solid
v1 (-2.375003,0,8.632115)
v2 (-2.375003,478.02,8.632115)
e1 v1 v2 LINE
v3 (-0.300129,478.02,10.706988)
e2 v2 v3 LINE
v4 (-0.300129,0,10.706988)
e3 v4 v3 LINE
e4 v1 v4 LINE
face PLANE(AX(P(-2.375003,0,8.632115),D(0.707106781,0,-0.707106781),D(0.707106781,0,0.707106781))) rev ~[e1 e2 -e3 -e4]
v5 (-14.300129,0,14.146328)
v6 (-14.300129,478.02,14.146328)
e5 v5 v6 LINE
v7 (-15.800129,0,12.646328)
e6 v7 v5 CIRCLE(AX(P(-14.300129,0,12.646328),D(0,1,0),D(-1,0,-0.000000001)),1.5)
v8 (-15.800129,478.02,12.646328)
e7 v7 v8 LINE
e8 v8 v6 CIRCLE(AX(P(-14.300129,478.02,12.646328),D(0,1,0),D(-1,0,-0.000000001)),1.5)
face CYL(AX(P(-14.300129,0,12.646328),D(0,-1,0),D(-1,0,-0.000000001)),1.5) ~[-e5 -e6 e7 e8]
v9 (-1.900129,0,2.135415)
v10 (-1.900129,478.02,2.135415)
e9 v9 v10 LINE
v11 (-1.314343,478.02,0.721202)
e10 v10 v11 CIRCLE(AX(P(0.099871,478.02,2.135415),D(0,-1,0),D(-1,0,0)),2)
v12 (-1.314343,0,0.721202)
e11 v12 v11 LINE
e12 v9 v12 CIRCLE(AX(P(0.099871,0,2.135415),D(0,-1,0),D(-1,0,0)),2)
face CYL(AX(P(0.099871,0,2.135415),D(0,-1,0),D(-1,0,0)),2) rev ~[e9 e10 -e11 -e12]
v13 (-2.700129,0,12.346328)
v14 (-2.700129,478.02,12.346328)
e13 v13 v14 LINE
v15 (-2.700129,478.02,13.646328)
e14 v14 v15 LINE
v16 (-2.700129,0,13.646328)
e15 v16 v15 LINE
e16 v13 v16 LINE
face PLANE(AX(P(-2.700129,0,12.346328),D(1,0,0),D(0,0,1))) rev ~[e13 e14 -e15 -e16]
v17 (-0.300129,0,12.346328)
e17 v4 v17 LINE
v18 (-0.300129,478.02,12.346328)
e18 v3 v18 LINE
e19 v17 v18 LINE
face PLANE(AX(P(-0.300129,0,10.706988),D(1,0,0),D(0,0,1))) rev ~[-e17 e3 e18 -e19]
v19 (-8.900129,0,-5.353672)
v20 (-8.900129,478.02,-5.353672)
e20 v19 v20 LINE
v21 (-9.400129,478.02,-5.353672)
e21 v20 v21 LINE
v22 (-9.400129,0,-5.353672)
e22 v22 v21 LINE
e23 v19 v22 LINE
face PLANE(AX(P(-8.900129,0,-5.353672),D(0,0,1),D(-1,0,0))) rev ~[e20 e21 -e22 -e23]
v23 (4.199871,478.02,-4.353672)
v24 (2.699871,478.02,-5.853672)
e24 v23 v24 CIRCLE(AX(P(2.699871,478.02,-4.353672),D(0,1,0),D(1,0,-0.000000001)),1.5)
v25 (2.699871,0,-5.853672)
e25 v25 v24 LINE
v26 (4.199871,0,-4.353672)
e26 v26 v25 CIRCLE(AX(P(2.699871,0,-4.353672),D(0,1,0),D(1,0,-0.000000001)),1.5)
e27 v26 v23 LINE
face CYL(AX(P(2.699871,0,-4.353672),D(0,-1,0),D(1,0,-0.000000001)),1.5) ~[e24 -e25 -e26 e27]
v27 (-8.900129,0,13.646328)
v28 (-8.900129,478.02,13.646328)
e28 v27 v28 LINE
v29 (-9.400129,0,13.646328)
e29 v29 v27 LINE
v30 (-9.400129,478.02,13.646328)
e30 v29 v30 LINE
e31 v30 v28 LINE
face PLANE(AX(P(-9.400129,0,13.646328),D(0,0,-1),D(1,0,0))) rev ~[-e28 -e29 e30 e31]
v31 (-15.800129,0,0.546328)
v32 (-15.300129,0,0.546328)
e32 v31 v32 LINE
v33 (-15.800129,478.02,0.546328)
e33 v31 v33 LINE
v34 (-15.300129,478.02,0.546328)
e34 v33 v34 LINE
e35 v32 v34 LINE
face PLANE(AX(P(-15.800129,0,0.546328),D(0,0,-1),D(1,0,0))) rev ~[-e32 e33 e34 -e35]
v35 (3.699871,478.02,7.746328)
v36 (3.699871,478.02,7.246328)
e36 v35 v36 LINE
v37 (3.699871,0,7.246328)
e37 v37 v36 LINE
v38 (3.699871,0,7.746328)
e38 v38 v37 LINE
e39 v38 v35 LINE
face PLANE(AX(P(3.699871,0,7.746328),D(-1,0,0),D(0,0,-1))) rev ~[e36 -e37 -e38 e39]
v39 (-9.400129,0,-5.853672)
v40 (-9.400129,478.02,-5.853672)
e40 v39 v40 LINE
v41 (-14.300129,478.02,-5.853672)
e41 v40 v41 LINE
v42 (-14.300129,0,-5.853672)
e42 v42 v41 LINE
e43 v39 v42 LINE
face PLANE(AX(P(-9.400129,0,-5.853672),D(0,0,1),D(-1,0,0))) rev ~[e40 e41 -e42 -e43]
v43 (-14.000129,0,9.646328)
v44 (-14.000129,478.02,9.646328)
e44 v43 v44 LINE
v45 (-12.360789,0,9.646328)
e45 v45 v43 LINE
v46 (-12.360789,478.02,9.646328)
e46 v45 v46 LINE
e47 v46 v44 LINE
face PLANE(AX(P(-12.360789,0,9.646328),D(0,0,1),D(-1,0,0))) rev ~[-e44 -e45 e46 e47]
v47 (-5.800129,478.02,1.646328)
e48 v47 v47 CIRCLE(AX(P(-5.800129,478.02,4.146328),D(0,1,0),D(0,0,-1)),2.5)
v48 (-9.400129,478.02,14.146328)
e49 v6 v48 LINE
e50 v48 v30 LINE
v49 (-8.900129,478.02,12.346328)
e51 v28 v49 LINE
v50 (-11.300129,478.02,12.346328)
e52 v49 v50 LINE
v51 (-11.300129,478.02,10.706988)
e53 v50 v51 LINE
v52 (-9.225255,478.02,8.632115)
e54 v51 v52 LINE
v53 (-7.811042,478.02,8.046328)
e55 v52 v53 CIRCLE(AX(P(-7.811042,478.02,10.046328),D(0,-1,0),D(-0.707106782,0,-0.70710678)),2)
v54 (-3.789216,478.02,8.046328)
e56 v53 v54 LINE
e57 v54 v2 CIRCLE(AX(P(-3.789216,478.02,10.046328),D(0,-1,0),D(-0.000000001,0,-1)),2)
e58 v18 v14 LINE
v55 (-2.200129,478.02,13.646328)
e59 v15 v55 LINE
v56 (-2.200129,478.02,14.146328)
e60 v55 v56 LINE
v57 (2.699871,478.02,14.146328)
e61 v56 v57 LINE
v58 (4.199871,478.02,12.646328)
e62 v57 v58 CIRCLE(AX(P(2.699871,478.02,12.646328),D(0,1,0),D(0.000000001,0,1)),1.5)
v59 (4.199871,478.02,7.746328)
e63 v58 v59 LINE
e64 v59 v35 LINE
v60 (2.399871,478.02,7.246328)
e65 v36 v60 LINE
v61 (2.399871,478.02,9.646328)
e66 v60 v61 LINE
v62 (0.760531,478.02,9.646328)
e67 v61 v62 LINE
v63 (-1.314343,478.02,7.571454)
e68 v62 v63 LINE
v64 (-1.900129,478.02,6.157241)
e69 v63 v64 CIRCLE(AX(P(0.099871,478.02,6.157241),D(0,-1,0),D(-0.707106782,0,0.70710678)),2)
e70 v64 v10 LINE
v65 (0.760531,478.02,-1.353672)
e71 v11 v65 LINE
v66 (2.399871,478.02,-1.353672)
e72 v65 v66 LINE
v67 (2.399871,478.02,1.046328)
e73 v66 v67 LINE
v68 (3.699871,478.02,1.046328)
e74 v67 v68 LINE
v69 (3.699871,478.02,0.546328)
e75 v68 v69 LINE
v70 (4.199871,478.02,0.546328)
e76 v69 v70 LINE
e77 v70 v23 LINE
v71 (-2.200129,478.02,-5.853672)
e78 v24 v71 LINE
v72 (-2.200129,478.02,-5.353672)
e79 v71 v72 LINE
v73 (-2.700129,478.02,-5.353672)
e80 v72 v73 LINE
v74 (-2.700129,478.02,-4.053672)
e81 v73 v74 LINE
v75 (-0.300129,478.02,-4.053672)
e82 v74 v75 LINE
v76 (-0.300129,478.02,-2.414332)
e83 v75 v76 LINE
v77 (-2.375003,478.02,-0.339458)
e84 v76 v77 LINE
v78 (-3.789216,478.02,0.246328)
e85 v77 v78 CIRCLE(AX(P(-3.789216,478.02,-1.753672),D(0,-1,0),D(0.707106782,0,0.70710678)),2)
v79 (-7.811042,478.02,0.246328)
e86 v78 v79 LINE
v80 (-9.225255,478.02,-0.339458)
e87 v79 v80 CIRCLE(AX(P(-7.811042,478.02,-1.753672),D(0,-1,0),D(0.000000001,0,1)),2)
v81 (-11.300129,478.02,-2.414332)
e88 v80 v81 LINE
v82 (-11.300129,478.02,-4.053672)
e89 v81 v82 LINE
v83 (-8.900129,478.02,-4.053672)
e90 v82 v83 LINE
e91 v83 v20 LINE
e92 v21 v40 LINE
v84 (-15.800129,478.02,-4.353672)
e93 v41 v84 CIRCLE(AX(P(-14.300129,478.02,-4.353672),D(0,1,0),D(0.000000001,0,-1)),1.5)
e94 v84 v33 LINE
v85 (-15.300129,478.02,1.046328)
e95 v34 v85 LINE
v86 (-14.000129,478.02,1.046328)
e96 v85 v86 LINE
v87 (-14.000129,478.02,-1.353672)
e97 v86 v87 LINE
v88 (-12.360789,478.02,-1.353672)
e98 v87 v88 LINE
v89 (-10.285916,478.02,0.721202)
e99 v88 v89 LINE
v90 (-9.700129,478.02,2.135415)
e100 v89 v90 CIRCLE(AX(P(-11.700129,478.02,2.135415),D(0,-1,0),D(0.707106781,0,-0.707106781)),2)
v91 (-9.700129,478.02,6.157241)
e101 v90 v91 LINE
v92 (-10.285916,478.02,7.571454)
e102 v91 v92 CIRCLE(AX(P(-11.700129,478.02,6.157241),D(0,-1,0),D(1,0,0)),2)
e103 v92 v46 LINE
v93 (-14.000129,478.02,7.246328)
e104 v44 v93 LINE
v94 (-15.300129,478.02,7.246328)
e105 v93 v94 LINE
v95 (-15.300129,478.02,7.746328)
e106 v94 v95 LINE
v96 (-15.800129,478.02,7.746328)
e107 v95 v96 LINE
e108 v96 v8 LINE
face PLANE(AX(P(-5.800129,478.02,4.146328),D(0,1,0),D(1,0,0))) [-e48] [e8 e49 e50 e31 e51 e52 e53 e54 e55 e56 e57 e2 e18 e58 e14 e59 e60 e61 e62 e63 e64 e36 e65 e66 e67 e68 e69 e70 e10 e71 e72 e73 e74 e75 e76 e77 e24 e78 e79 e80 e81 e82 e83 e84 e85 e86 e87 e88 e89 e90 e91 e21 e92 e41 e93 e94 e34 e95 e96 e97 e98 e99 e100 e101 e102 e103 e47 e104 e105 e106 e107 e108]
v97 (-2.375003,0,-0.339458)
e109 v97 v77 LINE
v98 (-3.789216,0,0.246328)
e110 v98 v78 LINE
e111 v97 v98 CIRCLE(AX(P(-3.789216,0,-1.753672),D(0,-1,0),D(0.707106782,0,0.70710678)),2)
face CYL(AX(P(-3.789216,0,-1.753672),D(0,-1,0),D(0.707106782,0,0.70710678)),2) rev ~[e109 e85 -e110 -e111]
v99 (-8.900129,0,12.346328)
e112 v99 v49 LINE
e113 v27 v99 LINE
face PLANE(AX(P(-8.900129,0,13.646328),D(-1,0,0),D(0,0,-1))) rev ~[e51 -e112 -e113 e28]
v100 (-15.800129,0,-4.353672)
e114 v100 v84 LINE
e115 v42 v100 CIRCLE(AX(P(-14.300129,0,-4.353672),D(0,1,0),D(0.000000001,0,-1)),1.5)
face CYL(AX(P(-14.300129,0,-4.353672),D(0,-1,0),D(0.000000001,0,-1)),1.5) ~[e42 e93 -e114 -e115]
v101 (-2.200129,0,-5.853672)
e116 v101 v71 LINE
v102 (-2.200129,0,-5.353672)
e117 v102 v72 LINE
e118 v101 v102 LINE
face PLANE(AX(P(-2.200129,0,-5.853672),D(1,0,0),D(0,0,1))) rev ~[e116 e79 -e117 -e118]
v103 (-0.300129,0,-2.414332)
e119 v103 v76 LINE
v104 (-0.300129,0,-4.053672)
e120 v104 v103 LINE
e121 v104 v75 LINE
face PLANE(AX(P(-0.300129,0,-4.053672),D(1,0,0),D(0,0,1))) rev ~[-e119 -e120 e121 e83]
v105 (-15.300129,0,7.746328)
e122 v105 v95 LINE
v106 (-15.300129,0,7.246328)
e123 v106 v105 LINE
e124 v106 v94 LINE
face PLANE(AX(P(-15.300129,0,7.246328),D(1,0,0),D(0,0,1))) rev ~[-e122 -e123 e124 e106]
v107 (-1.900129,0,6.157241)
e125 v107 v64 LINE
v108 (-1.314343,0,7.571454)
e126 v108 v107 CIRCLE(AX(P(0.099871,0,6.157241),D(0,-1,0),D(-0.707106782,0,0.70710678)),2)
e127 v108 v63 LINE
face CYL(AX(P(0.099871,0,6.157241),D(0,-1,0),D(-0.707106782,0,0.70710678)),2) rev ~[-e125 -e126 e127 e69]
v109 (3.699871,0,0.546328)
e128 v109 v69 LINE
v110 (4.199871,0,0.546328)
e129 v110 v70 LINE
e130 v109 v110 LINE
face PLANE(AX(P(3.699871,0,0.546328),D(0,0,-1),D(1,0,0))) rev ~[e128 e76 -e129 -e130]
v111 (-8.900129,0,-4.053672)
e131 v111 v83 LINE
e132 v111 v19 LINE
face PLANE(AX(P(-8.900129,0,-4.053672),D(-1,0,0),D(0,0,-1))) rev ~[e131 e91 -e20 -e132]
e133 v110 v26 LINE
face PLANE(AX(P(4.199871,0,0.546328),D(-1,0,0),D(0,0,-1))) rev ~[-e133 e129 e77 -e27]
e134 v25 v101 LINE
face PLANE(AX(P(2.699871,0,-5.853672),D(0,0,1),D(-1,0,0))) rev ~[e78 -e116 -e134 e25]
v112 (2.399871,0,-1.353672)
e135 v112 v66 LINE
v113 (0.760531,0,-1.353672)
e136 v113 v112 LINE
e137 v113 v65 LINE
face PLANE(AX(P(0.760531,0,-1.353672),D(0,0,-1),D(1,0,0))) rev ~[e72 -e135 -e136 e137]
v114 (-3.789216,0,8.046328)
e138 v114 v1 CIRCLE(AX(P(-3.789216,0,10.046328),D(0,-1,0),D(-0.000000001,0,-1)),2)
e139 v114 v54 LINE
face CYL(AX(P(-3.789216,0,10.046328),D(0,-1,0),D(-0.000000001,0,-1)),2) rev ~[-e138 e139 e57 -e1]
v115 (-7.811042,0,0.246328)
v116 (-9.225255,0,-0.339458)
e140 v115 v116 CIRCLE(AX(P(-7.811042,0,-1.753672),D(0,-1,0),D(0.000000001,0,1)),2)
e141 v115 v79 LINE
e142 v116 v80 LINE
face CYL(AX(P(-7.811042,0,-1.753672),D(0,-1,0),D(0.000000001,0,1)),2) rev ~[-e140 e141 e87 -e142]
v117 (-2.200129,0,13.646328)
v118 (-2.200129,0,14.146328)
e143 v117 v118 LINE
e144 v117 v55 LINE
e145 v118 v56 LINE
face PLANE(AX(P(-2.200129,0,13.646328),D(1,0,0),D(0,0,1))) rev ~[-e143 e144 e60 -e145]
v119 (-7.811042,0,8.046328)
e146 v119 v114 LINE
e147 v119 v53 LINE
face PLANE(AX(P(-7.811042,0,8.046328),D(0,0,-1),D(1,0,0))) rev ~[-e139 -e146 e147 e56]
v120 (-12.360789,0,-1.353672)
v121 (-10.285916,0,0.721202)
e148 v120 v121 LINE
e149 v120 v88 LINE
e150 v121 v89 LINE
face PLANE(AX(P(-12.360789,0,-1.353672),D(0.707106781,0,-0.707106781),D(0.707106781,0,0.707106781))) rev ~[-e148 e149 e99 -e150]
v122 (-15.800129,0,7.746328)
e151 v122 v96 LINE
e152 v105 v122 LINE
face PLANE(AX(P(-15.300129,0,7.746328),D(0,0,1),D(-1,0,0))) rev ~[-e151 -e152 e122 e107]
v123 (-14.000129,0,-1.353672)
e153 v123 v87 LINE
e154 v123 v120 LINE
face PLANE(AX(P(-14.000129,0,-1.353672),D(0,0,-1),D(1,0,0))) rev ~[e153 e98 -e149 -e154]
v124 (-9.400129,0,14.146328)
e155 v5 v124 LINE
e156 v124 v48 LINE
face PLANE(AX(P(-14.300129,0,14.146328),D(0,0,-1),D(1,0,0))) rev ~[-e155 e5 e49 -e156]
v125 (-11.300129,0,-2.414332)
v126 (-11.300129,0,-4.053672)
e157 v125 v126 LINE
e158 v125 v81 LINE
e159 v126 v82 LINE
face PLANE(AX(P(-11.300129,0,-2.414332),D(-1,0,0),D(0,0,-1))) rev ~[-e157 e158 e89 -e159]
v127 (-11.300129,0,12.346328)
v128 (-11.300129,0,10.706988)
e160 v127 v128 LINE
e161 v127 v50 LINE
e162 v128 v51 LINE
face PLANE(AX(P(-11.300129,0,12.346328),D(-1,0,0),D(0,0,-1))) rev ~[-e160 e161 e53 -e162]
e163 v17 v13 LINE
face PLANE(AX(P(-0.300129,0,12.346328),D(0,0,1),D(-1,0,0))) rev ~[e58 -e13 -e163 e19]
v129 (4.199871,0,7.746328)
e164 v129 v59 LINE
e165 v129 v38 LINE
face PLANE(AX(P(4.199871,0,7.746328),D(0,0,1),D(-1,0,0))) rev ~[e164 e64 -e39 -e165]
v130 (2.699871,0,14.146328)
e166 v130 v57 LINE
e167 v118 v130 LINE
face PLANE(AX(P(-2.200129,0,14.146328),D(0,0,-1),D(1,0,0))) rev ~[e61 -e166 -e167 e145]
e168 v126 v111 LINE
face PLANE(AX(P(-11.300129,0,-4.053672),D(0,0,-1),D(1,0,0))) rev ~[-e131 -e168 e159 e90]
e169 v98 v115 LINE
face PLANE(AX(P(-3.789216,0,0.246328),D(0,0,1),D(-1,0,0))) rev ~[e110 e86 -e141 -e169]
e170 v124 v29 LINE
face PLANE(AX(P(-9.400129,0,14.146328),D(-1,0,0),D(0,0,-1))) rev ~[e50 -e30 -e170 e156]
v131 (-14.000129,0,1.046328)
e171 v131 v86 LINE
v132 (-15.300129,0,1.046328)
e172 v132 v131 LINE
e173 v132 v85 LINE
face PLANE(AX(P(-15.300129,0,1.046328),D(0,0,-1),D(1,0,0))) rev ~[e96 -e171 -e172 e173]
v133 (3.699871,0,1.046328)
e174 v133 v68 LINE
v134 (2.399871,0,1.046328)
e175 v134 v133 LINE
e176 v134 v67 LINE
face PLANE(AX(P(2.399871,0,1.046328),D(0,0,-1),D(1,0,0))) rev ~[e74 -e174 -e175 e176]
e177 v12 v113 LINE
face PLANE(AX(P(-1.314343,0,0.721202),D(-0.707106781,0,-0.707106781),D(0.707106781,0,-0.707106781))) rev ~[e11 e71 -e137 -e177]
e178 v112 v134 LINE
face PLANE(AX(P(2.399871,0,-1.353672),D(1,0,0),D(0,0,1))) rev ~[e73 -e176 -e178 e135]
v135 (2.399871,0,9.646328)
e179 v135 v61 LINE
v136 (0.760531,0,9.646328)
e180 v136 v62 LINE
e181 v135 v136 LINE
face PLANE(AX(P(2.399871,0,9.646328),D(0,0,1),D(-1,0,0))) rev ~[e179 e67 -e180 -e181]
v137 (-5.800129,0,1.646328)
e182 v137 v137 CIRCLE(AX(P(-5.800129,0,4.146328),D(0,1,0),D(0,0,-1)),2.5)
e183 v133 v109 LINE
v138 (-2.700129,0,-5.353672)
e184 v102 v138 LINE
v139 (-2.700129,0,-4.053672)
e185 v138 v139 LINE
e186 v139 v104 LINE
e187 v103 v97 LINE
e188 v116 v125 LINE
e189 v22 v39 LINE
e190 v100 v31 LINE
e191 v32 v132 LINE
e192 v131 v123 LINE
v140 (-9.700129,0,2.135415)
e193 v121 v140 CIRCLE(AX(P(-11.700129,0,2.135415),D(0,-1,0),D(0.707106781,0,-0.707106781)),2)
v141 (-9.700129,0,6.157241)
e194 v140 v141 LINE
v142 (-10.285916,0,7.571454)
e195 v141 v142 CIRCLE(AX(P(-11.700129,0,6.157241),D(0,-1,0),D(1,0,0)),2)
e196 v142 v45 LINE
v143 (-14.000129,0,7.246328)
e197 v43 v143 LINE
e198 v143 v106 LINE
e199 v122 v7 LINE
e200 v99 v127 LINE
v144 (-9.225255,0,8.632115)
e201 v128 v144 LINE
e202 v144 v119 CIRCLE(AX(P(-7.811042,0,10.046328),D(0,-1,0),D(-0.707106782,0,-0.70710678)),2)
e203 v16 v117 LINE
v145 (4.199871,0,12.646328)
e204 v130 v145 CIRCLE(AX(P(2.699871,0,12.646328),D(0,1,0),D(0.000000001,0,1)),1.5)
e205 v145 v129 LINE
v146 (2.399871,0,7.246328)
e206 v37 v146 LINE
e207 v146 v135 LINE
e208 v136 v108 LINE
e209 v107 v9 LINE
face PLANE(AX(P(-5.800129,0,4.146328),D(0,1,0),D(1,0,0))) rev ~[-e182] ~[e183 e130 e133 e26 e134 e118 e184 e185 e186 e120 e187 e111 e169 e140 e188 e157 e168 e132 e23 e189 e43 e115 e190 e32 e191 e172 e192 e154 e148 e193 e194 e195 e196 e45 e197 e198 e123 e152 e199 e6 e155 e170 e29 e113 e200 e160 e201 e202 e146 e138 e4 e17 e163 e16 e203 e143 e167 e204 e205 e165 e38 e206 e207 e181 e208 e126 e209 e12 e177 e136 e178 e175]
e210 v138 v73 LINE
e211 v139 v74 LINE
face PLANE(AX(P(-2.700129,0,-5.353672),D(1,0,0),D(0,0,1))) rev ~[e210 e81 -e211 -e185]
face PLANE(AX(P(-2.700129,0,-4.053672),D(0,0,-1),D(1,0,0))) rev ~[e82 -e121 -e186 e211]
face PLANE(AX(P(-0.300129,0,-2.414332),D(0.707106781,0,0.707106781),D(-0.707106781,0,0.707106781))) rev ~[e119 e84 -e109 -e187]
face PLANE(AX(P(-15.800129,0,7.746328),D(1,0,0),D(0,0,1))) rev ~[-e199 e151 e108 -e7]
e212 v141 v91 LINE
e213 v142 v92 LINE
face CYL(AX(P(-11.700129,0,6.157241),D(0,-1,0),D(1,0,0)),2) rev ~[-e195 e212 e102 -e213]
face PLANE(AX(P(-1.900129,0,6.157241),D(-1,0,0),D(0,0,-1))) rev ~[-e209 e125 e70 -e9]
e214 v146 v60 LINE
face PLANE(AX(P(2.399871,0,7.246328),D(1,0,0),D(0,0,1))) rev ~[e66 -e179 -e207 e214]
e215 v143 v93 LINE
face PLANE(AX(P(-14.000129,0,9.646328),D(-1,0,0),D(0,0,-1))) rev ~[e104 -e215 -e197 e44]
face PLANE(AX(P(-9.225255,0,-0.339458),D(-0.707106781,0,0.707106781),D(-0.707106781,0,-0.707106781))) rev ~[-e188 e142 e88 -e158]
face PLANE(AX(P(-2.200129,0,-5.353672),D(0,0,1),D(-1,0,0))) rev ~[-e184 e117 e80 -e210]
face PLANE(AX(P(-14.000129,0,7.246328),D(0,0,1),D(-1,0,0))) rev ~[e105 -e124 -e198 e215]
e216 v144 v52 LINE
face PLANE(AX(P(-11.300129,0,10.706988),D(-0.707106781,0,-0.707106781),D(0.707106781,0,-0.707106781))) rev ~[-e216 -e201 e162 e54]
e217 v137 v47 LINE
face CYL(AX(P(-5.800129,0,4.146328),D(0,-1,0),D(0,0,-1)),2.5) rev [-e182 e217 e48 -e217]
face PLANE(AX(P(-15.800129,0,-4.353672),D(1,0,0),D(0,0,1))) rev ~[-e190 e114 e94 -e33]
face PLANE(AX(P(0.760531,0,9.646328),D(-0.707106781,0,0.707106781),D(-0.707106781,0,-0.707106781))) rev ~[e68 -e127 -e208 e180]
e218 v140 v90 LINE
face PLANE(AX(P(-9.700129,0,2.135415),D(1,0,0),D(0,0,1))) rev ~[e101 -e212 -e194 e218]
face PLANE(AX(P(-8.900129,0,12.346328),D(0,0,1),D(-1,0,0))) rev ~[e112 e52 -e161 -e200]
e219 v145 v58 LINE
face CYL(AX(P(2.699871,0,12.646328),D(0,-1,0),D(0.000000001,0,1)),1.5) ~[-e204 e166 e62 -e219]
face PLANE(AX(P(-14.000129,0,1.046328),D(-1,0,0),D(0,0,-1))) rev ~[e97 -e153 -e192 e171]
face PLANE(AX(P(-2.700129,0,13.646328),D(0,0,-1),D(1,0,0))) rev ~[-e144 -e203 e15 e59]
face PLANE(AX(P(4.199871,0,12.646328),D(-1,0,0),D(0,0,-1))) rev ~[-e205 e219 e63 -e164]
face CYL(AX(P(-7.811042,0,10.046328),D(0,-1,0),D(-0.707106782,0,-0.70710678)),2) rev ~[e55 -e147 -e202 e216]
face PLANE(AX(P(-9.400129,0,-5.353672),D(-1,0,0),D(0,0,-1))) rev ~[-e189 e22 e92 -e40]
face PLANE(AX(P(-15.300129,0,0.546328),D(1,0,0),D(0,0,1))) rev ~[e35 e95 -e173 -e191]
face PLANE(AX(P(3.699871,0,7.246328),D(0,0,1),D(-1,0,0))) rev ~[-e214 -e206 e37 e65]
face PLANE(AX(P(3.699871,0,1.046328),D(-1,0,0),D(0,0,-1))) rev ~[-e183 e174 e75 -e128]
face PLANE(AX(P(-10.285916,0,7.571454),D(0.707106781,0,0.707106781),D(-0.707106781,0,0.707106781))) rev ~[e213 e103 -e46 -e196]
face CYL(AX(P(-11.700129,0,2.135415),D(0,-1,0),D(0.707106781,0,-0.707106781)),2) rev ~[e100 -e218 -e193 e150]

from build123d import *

# Parameters (mm, degrees)
SKETCH1_R           = 2.5
BOSS_EXTRUDE1_DEPTH = 478.02


with BuildPart() as part:
    # Sketch1 → Boss-Extrude1 (new body)
    with BuildSketch(Plane(origin=(0, 0, 0), x_dir=(1, 0, 0), z_dir=(0, 1, 0))):
        with BuildLine():
            Line((-14.000129172, -7.246328066), (-15.300129172, -7.246328066))
            Line((-15.300129172, -7.246328066), (-15.300129172, -7.746328066))
            Line((-15.300129172, -7.746328066), (-15.800129172, -7.746328066))
            Line((-15.800129172, -7.746328066), (-15.800129172, -12.646328066))
            ThreePointArc((-15.800129172, -12.646328066), (-15.360789344, -13.706988238), (-14.300129172, -14.146328066))
            Line((-14.300129172, -14.146328066), (-9.400129172, -14.146328066))
            Line((-9.400129172, -14.146328066), (-9.400129172, -13.646328066))
            Line((-9.400129172, -13.646328066), (-8.900129172, -13.646328066))
            Line((-8.900129172, -13.646328066), (-8.900129172, -12.346328066))
            Line((-8.900129172, -12.346328066), (-11.300129172, -12.346328066))
            Line((-11.300129172, -12.346328066), (-11.300129172, -10.706988238))
            Line((-11.300129172, -10.706988238), (-9.225255438, -8.632114504))
            ThreePointArc((-9.225255438, -8.632114504), (-8.576408741, -8.198569001), (-7.811041876, -8.046328066))
            Line((-7.811041876, -8.046328066), (-3.789216469, -8.046328066))
            ThreePointArc((-3.789216469, -8.046328066), (-3.023849604, -8.198569001), (-2.375002907, -8.632114504))
            Line((-2.375002907, -8.632114504), (-0.300129172, -10.706988238))
            Line((-0.300129172, -10.706988238), (-0.300129172, -12.346328066))
            Line((-0.300129172, -12.346328066), (-2.700129172, -12.346328066))
            Line((-2.700129172, -12.346328066), (-2.700129172, -13.646328066))
            Line((-2.700129172, -13.646328066), (-2.200129172, -13.646328066))
            Line((-2.200129172, -13.646328066), (-2.200129172, -14.146328066))
            Line((-2.200129172, -14.146328066), (2.699870828, -14.146328066))
            ThreePointArc((2.699870828, -14.146328066), (3.760530999, -13.706988238), (4.199870828, -12.646328066))
            Line((4.199870828, -12.646328066), (4.199870828, -7.746328066))
            Line((4.199870828, -7.746328066), (3.699870828, -7.746328066))
            Line((3.699870828, -7.746328066), (3.699870828, -7.246328066))
            Line((3.699870828, -7.246328066), (2.399870828, -7.246328066))
            Line((2.399870828, -7.246328066), (2.399870828, -9.646328066))
            Line((2.399870828, -9.646328066), (0.760530999, -9.646328066))
            Line((0.760530999, -9.646328066), (-1.314342735, -7.571454332))
            ThreePointArc((-1.314342735, -7.571454332), (-1.747888237, -6.922607634), (-1.900129172, -6.15724077))
            Line((-1.900129172, -6.15724077), (-1.900129172, -2.135415363))
            ThreePointArc((-1.900129172, -2.135415363), (-1.747888237, -1.370048498), (-1.314342735, -0.7212018))
            Line((-1.314342735, -0.7212018), (0.760530999, 1.353671934))
            Line((0.760530999, 1.353671934), (2.399870828, 1.353671934))
            Line((2.399870828, 1.353671934), (2.399870828, -1.046328066))
            Line((2.399870828, -1.046328066), (3.699870828, -1.046328066))
            Line((3.699870828, -1.046328066), (3.699870828, -0.546328066))
            Line((3.699870828, -0.546328066), (4.199870828, -0.546328066))
            Line((4.199870828, -0.546328066), (4.199870828, 4.353671934))
            ThreePointArc((4.199870828, 4.353671934), (3.760530999, 5.414332106), (2.699870828, 5.853671934))
            Line((2.699870828, 5.853671934), (-2.200129172, 5.853671934))
            Line((-2.200129172, 5.853671934), (-2.200129172, 5.353671934))
            Line((-2.200129172, 5.353671934), (-2.700129172, 5.353671934))
            Line((-2.700129172, 5.353671934), (-2.700129172, 4.053671934))
            Line((-2.700129172, 4.053671934), (-0.300129172, 4.053671934))
            Line((-0.300129172, 4.053671934), (-0.300129172, 2.414332106))
            Line((-0.300129172, 2.414332106), (-2.375002907, 0.339458372))
            ThreePointArc((-2.375002907, 0.339458372), (-3.023849604, -0.094087131), (-3.789216469, -0.246328066))
            Line((-3.789216469, -0.246328066), (-7.811041876, -0.246328066))
            ThreePointArc((-7.811041876, -0.246328066), (-8.576408741, -0.094087131), (-9.225255438, 0.339458372))
            Line((-9.225255438, 0.339458372), (-11.300129172, 2.414332106))
            Line((-11.300129172, 2.414332106), (-11.300129172, 4.053671934))
            Line((-11.300129172, 4.053671934), (-8.900129172, 4.053671934))
            Line((-8.900129172, 4.053671934), (-8.900129172, 5.353671934))
            Line((-8.900129172, 5.353671934), (-9.400129172, 5.353671934))
            Line((-9.400129172, 5.353671934), (-9.400129172, 5.853671934))
            Line((-9.400129172, 5.853671934), (-14.300129172, 5.853671934))
            ThreePointArc((-14.300129172, 5.853671934), (-15.360789344, 5.414332106), (-15.800129172, 4.353671934))
            Line((-15.800129172, 4.353671934), (-15.800129172, -0.546328066))
            Line((-15.800129172, -0.546328066), (-15.300129172, -0.546328066))
            Line((-15.300129172, -0.546328066), (-15.300129172, -1.046328066))
            Line((-15.300129172, -1.046328066), (-14.000129172, -1.046328066))
            Line((-14.000129172, -1.046328066), (-14.000129172, 1.353671934))
            Line((-14.000129172, 1.353671934), (-12.360789344, 1.353671934))
            Line((-12.360789344, 1.353671934), (-10.28591561, -0.7212018))
            ThreePointArc((-10.28591561, -0.7212018), (-9.852370107, -1.370048498), (-9.700129172, -2.135415363))
            Line((-9.700129172, -2.135415363), (-9.700129172, -6.15724077))
            ThreePointArc((-9.700129172, -6.15724077), (-9.852370107, -6.922607634), (-10.28591561, -7.571454332))
            Line((-10.28591561, -7.571454332), (-12.360789344, -9.646328066))
            Line((-12.360789344, -9.646328066), (-14.000129172, -9.646328066))
            Line((-14.000129172, -9.646328066), (-14.000129172, -7.246328066))
        make_face()
        with Locations(Location((-5.800129172, -4.146328066, 0), (0, 0, 90))):
            Circle(SKETCH1_R, mode=Mode.SUBTRACT)
    extrude(amount=BOSS_EXTRUDE1_DEPTH)


solid = part.part
